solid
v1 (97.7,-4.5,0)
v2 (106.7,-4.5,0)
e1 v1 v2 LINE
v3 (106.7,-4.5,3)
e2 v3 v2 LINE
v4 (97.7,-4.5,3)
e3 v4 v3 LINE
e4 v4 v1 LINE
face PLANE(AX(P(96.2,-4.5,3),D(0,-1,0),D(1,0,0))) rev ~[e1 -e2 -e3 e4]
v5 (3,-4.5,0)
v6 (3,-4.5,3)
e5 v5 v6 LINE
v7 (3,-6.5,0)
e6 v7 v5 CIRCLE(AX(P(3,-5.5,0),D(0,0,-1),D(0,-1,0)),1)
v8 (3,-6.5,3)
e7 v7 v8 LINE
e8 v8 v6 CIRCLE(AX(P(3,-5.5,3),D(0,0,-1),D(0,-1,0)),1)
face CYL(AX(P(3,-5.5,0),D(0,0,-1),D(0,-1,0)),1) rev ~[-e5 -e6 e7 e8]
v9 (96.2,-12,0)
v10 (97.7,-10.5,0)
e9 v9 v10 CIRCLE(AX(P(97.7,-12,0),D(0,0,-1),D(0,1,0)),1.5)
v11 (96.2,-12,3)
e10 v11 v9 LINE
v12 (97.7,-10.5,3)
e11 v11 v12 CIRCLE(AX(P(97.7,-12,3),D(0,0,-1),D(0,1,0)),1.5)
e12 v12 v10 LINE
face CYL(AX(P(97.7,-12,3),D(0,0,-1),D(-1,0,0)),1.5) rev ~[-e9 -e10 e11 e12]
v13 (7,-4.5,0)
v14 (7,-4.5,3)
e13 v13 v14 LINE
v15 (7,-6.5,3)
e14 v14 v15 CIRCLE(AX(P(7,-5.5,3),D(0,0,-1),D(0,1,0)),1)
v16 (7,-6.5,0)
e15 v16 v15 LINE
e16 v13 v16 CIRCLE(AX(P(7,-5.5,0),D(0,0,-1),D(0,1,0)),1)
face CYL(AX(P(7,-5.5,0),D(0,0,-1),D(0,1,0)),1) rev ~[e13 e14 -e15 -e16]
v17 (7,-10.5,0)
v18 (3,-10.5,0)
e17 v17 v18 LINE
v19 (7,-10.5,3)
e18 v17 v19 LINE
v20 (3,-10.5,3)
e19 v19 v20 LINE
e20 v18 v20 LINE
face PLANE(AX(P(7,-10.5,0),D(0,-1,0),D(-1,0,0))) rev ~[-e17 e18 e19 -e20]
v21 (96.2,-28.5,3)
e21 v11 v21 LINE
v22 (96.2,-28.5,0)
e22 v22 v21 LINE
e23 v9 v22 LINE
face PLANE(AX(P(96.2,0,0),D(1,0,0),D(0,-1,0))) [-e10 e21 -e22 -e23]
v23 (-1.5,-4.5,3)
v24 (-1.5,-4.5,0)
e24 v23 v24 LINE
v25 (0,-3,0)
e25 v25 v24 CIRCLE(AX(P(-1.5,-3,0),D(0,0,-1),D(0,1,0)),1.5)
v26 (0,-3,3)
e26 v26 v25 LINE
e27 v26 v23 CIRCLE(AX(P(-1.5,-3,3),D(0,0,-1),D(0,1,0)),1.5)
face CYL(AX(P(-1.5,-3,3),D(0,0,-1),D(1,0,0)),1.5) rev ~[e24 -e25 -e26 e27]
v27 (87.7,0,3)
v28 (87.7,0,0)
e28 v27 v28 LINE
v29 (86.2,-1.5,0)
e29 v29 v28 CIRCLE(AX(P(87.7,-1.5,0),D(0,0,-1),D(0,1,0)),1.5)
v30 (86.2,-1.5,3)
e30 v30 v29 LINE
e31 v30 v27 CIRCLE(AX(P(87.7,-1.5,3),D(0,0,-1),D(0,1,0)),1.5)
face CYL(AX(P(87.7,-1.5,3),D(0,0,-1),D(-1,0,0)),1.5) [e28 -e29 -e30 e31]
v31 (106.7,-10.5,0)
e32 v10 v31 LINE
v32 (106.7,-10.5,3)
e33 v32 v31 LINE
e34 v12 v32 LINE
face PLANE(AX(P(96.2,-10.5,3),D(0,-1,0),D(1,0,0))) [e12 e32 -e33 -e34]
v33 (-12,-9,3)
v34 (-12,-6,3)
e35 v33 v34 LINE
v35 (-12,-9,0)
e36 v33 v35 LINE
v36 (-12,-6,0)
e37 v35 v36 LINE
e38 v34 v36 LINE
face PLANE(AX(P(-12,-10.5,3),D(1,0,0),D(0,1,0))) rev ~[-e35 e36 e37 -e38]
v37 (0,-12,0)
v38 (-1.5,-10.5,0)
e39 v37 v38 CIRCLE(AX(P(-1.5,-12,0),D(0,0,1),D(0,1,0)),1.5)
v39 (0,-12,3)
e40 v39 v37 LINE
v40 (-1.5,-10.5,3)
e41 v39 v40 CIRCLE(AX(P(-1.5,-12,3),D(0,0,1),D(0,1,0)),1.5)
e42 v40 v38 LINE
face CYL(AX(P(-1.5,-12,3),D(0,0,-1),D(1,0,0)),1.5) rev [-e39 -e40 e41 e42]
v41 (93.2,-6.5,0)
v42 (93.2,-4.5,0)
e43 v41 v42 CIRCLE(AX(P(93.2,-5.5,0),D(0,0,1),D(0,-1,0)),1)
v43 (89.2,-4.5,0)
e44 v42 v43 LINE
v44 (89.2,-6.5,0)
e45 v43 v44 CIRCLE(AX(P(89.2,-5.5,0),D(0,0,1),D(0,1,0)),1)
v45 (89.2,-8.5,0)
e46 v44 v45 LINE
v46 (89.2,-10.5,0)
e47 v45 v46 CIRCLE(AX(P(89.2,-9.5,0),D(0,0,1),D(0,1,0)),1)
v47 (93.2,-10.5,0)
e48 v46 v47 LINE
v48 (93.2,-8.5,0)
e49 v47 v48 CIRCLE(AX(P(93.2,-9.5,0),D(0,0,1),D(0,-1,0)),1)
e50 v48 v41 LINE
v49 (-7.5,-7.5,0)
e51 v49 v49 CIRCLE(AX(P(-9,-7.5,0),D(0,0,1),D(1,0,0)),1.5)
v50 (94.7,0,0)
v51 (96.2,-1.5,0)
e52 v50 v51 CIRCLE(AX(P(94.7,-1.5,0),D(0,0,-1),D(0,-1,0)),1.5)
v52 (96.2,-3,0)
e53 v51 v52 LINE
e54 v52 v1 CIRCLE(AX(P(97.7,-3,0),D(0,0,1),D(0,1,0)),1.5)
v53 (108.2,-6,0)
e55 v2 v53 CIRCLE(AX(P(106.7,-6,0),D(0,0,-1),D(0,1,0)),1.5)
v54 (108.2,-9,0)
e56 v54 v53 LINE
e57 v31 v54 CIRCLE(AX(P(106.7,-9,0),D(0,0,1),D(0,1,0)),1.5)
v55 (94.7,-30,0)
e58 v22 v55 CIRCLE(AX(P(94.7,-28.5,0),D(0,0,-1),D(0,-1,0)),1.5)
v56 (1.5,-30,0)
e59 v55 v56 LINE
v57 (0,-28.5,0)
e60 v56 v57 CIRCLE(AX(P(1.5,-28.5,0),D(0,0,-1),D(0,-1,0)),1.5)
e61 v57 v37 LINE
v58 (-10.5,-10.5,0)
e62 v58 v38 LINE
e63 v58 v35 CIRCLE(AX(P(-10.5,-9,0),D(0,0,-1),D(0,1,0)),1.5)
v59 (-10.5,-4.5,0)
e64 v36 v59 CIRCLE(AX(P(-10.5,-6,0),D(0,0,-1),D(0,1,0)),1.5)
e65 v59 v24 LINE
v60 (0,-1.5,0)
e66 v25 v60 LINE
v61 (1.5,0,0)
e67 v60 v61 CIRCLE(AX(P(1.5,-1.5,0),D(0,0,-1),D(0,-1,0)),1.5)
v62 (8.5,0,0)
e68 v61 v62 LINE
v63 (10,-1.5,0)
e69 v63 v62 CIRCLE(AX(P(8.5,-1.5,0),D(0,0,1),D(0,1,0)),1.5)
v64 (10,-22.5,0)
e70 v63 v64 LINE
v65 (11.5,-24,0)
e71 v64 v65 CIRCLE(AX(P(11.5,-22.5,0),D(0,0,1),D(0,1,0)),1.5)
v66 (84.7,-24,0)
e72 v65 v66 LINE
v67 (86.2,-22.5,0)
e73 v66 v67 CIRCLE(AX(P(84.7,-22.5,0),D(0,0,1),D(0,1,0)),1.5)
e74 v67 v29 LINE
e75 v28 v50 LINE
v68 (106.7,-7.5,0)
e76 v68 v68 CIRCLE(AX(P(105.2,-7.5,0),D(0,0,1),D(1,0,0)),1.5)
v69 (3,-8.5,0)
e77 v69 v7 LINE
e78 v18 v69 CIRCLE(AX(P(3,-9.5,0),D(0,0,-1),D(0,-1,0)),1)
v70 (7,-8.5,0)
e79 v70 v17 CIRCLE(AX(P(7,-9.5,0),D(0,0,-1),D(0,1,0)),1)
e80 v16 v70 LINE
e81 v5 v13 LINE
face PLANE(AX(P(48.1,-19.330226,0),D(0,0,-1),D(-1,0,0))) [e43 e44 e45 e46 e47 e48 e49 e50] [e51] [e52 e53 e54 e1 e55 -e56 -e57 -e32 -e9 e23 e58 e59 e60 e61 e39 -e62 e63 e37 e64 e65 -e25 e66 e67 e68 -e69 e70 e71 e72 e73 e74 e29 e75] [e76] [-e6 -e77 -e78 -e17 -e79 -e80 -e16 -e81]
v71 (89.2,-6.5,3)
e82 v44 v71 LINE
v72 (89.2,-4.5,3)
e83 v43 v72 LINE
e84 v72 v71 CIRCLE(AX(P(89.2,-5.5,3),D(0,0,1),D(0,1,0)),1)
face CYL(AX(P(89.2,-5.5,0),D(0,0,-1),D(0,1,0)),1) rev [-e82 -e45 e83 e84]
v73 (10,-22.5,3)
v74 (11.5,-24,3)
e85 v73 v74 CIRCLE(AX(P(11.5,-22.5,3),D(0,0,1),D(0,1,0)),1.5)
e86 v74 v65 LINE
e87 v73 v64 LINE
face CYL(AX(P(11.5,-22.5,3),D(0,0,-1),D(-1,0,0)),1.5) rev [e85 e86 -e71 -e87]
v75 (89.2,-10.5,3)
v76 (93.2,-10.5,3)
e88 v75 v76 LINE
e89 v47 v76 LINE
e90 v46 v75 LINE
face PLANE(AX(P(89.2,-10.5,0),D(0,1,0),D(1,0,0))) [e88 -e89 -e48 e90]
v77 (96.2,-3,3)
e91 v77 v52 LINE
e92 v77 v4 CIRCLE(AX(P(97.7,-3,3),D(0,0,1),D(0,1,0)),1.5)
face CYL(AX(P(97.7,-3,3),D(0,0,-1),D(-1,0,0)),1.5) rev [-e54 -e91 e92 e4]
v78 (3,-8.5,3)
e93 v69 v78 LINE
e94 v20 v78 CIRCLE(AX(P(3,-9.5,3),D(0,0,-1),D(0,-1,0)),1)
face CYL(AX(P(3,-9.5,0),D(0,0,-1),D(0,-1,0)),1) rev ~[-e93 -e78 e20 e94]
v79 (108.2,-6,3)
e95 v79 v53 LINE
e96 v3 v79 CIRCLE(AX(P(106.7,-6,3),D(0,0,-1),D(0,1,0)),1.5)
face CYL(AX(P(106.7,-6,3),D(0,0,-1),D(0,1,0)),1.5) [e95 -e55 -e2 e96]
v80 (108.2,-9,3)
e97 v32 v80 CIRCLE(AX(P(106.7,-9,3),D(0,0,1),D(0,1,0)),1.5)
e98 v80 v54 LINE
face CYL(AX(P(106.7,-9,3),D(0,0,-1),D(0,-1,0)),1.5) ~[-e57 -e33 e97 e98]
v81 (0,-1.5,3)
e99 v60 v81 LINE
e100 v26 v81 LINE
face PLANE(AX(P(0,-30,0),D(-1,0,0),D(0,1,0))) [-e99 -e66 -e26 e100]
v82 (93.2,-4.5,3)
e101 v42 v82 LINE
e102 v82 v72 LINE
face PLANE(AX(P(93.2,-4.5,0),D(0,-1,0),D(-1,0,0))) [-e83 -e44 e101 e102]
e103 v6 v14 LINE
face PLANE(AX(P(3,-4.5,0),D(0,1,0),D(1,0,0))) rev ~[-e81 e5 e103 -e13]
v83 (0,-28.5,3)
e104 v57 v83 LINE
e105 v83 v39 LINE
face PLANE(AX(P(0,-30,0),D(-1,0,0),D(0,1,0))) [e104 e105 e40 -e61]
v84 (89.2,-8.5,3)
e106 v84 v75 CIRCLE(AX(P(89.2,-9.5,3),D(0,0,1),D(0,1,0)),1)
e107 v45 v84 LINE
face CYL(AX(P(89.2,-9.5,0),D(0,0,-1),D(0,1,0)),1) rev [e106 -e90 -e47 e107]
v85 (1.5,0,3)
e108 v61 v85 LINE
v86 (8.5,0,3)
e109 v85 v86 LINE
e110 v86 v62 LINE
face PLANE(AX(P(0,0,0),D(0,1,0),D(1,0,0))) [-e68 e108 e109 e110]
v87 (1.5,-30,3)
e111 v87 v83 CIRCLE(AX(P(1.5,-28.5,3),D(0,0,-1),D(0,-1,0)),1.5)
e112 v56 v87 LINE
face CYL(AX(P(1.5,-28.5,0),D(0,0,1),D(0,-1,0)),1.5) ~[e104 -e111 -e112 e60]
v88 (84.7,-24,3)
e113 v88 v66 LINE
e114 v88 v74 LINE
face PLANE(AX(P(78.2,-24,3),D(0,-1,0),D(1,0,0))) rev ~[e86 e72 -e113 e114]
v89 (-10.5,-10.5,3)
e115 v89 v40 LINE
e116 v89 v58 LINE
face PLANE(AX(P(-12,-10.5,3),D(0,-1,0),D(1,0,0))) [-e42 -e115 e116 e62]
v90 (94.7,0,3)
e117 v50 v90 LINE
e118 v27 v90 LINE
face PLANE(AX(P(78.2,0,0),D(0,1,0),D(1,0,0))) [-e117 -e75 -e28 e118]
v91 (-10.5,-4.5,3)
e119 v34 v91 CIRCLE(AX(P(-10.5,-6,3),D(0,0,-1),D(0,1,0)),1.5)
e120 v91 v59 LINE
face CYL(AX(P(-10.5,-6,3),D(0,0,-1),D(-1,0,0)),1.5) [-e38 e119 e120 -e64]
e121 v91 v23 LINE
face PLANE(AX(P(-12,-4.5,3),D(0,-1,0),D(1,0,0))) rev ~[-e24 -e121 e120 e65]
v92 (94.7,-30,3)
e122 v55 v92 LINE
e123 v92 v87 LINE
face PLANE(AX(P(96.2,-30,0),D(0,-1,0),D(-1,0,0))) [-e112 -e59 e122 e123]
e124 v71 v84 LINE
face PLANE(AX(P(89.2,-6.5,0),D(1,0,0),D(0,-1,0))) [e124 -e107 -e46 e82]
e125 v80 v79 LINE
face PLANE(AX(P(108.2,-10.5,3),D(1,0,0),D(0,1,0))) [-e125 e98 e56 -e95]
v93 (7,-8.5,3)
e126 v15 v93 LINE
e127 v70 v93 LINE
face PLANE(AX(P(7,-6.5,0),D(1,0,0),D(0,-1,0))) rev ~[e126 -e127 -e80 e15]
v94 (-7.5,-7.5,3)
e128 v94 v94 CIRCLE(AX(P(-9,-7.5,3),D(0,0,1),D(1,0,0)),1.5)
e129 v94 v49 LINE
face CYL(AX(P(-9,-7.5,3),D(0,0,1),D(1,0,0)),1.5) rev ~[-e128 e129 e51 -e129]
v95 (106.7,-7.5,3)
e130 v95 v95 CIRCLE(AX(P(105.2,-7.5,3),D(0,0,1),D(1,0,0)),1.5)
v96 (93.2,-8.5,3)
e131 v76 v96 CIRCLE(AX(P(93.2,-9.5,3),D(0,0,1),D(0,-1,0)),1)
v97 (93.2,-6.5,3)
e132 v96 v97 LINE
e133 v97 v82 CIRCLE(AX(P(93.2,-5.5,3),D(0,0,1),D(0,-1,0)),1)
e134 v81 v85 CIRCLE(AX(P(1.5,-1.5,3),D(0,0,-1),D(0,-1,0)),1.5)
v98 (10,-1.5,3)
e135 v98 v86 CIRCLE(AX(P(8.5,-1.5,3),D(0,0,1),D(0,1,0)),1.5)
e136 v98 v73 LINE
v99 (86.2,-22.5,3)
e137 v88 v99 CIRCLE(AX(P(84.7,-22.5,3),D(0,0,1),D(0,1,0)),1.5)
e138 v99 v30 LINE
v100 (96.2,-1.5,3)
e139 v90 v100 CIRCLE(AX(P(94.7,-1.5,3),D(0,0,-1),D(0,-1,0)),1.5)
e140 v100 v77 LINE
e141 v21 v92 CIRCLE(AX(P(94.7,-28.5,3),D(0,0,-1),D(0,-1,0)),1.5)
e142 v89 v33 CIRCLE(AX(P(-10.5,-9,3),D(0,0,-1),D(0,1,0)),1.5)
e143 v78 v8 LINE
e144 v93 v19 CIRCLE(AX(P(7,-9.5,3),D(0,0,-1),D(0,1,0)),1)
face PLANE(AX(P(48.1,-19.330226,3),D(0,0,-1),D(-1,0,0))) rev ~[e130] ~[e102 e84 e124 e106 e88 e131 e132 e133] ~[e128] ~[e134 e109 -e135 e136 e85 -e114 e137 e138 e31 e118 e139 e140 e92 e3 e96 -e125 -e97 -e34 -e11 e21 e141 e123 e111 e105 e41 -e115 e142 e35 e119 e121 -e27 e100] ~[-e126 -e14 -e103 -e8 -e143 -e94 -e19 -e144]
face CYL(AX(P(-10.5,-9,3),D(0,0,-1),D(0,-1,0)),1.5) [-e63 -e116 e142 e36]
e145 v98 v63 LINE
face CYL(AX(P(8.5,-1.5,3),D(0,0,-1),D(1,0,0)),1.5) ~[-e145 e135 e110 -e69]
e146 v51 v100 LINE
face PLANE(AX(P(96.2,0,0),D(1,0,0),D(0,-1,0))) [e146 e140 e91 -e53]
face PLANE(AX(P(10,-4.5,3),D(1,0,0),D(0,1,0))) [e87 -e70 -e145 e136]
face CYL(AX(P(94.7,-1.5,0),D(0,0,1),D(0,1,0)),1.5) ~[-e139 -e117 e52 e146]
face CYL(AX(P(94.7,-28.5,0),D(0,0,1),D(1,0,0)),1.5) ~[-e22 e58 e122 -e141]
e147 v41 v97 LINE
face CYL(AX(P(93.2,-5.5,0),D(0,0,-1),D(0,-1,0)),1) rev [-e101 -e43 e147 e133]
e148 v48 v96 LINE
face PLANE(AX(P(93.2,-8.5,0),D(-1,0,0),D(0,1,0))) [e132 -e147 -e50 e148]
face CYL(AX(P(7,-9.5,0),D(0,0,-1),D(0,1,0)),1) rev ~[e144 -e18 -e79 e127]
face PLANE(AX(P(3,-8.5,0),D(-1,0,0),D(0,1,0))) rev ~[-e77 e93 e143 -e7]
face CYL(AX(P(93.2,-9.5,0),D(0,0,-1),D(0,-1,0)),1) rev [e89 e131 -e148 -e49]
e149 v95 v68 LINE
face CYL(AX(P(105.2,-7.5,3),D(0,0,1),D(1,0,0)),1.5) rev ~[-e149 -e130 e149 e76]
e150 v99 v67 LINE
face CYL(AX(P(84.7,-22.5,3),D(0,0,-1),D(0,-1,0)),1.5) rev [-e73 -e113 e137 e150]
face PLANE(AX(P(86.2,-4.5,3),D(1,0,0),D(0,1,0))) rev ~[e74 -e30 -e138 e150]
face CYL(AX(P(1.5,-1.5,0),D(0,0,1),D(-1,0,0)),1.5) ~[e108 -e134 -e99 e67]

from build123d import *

# Parameters (mm, degrees)
EXTRUDE_1_DEPTH     = 3
SKETCH_2_W          = 8
SKETCH_2_H          = 4.5
SKETCH_2_H_2        = 13.5
CUT_EXTRUDE_1_DEPTH = 3
SKETCH_4_W          = 76.2
SKETCH_4_H          = 6
CUT_EXTRUDE_2_DEPTH = 3
SKETCH_6_W          = 12
SKETCH_6_H          = 6
EXTRUDE_2_DEPTH     = 3
FILLET_1_R          = 1.5
SKETCH_7_R          = 1.5
CUT_EXTRUDE_3_DEPTH = 10


with BuildPart() as part:
    # 草图1 → 凸台-拉伸1 (new body)
    with BuildSketch(Plane.XY):
        Polygon((18, 0), (18, -24), (78.2, -24), (78.2, 0), (96.2, 0), (96.2, -30), (0, -30), (0, 0), align=None)
        with BuildLine():
            Line((3, -4.5), (7, -4.5))
            ThreePointArc((7, -4.5), (8, -5.5), (7, -6.5))
            Line((7, -6.5), (7, -8.5))
            ThreePointArc((7, -8.5), (8, -9.5), (7, -10.5))
            Line((7, -10.5), (3, -10.5))
            ThreePointArc((3, -10.5), (2, -9.5), (3, -8.5))
            Line((3, -8.5), (3, -6.5))
            ThreePointArc((3, -6.5), (2, -5.5), (3, -4.5))
        make_face(mode=Mode.SUBTRACT)
        with BuildLine():
            Line((89.2, -6.5), (89.2, -8.5))
            ThreePointArc((89.2, -8.5), (88.2, -9.5), (89.2, -10.5))
            Line((89.2, -10.5), (93.2, -10.5))
            ThreePointArc((93.2, -10.5), (94.2, -9.5), (93.2, -8.5))
            Line((93.2, -8.5), (93.2, -6.5))
            ThreePointArc((93.2, -6.5), (94.2, -5.5), (93.2, -4.5))
            Line((93.2, -4.5), (89.2, -4.5))
            ThreePointArc((89.2, -4.5), (88.2, -5.5), (89.2, -6.5))
        make_face(mode=Mode.SUBTRACT)
    extrude(amount=EXTRUDE_1_DEPTH)

    # 草图2 → 切除-拉伸1 (cut)
    with BuildSketch(Plane.XY.offset(3)):
        with Locations((14, -2.25)):
            Rectangle(SKETCH_2_W, SKETCH_2_H)
        with Locations((14, -17.25)):
            Rectangle(SKETCH_2_W, SKETCH_2_H_2)
        with Locations((82.2, -17.25)):
            Rectangle(SKETCH_2_W, SKETCH_2_H_2)
        with Locations((82.2, -2.25)):
            Rectangle(SKETCH_2_W, SKETCH_2_H)
    extrude(amount=-CUT_EXTRUDE_1_DEPTH, mode=Mode.SUBTRACT)

    # 草图4 → 切除-拉伸2 (cut)
    with BuildSketch(Plane.XY.offset(3)):
        with Locations((48.1, -7.5)):
            Rectangle(SKETCH_4_W, SKETCH_4_H)
    extrude(amount=-CUT_EXTRUDE_2_DEPTH, mode=Mode.SUBTRACT)

    # 草图6 → 凸台-拉伸2 (add)
    with BuildSketch(Plane.XY.offset(3)):
        with Locations((102.2, -7.5)):
            Rectangle(SKETCH_6_W, SKETCH_6_H)
        with Locations((-6, -7.5)):
            Rectangle(SKETCH_6_W, SKETCH_6_H)
    extrude(amount=-EXTRUDE_2_DEPTH)

    # 圆角1
    fillet_1_edges = [part.edges().sort_by_distance(p)[0] for p in [
        (10, -24, 1.5),
        (10, 0, 1.5),
        (0, 0, 1.5),
        (96.2, 0, 1.5),
        (96.2, -30, 1.5),
        (0, -30, 1.5),
        (96.2, -10.5, 1.5),
        (96.2, -4.5, 1.5),
        (108.2, -4.5, 1.5),
        (108.2, -10.5, 1.5),
        (-12, -4.5, 1.5),
        (0, -4.5, 1.5),
        (0, -10.5, 1.5),
        (-12, -10.5, 1.5),
        (86.2, 0, 1.5),
        (86.2, -24, 1.5),
    ]]
    fillet(fillet_1_edges, radius=FILLET_1_R)

    # 草图7 → 切除-拉伸3 (cut)
    with BuildSketch(Plane.XY.offset(3)):
        with Locations((-9, -7.5)):
            Circle(SKETCH_7_R)
        with Locations((105.2, -7.5)):
            Circle(SKETCH_7_R)
    extrude(amount=-CUT_EXTRUDE_3_DEPTH, mode=Mode.SUBTRACT)


solid = part.part
